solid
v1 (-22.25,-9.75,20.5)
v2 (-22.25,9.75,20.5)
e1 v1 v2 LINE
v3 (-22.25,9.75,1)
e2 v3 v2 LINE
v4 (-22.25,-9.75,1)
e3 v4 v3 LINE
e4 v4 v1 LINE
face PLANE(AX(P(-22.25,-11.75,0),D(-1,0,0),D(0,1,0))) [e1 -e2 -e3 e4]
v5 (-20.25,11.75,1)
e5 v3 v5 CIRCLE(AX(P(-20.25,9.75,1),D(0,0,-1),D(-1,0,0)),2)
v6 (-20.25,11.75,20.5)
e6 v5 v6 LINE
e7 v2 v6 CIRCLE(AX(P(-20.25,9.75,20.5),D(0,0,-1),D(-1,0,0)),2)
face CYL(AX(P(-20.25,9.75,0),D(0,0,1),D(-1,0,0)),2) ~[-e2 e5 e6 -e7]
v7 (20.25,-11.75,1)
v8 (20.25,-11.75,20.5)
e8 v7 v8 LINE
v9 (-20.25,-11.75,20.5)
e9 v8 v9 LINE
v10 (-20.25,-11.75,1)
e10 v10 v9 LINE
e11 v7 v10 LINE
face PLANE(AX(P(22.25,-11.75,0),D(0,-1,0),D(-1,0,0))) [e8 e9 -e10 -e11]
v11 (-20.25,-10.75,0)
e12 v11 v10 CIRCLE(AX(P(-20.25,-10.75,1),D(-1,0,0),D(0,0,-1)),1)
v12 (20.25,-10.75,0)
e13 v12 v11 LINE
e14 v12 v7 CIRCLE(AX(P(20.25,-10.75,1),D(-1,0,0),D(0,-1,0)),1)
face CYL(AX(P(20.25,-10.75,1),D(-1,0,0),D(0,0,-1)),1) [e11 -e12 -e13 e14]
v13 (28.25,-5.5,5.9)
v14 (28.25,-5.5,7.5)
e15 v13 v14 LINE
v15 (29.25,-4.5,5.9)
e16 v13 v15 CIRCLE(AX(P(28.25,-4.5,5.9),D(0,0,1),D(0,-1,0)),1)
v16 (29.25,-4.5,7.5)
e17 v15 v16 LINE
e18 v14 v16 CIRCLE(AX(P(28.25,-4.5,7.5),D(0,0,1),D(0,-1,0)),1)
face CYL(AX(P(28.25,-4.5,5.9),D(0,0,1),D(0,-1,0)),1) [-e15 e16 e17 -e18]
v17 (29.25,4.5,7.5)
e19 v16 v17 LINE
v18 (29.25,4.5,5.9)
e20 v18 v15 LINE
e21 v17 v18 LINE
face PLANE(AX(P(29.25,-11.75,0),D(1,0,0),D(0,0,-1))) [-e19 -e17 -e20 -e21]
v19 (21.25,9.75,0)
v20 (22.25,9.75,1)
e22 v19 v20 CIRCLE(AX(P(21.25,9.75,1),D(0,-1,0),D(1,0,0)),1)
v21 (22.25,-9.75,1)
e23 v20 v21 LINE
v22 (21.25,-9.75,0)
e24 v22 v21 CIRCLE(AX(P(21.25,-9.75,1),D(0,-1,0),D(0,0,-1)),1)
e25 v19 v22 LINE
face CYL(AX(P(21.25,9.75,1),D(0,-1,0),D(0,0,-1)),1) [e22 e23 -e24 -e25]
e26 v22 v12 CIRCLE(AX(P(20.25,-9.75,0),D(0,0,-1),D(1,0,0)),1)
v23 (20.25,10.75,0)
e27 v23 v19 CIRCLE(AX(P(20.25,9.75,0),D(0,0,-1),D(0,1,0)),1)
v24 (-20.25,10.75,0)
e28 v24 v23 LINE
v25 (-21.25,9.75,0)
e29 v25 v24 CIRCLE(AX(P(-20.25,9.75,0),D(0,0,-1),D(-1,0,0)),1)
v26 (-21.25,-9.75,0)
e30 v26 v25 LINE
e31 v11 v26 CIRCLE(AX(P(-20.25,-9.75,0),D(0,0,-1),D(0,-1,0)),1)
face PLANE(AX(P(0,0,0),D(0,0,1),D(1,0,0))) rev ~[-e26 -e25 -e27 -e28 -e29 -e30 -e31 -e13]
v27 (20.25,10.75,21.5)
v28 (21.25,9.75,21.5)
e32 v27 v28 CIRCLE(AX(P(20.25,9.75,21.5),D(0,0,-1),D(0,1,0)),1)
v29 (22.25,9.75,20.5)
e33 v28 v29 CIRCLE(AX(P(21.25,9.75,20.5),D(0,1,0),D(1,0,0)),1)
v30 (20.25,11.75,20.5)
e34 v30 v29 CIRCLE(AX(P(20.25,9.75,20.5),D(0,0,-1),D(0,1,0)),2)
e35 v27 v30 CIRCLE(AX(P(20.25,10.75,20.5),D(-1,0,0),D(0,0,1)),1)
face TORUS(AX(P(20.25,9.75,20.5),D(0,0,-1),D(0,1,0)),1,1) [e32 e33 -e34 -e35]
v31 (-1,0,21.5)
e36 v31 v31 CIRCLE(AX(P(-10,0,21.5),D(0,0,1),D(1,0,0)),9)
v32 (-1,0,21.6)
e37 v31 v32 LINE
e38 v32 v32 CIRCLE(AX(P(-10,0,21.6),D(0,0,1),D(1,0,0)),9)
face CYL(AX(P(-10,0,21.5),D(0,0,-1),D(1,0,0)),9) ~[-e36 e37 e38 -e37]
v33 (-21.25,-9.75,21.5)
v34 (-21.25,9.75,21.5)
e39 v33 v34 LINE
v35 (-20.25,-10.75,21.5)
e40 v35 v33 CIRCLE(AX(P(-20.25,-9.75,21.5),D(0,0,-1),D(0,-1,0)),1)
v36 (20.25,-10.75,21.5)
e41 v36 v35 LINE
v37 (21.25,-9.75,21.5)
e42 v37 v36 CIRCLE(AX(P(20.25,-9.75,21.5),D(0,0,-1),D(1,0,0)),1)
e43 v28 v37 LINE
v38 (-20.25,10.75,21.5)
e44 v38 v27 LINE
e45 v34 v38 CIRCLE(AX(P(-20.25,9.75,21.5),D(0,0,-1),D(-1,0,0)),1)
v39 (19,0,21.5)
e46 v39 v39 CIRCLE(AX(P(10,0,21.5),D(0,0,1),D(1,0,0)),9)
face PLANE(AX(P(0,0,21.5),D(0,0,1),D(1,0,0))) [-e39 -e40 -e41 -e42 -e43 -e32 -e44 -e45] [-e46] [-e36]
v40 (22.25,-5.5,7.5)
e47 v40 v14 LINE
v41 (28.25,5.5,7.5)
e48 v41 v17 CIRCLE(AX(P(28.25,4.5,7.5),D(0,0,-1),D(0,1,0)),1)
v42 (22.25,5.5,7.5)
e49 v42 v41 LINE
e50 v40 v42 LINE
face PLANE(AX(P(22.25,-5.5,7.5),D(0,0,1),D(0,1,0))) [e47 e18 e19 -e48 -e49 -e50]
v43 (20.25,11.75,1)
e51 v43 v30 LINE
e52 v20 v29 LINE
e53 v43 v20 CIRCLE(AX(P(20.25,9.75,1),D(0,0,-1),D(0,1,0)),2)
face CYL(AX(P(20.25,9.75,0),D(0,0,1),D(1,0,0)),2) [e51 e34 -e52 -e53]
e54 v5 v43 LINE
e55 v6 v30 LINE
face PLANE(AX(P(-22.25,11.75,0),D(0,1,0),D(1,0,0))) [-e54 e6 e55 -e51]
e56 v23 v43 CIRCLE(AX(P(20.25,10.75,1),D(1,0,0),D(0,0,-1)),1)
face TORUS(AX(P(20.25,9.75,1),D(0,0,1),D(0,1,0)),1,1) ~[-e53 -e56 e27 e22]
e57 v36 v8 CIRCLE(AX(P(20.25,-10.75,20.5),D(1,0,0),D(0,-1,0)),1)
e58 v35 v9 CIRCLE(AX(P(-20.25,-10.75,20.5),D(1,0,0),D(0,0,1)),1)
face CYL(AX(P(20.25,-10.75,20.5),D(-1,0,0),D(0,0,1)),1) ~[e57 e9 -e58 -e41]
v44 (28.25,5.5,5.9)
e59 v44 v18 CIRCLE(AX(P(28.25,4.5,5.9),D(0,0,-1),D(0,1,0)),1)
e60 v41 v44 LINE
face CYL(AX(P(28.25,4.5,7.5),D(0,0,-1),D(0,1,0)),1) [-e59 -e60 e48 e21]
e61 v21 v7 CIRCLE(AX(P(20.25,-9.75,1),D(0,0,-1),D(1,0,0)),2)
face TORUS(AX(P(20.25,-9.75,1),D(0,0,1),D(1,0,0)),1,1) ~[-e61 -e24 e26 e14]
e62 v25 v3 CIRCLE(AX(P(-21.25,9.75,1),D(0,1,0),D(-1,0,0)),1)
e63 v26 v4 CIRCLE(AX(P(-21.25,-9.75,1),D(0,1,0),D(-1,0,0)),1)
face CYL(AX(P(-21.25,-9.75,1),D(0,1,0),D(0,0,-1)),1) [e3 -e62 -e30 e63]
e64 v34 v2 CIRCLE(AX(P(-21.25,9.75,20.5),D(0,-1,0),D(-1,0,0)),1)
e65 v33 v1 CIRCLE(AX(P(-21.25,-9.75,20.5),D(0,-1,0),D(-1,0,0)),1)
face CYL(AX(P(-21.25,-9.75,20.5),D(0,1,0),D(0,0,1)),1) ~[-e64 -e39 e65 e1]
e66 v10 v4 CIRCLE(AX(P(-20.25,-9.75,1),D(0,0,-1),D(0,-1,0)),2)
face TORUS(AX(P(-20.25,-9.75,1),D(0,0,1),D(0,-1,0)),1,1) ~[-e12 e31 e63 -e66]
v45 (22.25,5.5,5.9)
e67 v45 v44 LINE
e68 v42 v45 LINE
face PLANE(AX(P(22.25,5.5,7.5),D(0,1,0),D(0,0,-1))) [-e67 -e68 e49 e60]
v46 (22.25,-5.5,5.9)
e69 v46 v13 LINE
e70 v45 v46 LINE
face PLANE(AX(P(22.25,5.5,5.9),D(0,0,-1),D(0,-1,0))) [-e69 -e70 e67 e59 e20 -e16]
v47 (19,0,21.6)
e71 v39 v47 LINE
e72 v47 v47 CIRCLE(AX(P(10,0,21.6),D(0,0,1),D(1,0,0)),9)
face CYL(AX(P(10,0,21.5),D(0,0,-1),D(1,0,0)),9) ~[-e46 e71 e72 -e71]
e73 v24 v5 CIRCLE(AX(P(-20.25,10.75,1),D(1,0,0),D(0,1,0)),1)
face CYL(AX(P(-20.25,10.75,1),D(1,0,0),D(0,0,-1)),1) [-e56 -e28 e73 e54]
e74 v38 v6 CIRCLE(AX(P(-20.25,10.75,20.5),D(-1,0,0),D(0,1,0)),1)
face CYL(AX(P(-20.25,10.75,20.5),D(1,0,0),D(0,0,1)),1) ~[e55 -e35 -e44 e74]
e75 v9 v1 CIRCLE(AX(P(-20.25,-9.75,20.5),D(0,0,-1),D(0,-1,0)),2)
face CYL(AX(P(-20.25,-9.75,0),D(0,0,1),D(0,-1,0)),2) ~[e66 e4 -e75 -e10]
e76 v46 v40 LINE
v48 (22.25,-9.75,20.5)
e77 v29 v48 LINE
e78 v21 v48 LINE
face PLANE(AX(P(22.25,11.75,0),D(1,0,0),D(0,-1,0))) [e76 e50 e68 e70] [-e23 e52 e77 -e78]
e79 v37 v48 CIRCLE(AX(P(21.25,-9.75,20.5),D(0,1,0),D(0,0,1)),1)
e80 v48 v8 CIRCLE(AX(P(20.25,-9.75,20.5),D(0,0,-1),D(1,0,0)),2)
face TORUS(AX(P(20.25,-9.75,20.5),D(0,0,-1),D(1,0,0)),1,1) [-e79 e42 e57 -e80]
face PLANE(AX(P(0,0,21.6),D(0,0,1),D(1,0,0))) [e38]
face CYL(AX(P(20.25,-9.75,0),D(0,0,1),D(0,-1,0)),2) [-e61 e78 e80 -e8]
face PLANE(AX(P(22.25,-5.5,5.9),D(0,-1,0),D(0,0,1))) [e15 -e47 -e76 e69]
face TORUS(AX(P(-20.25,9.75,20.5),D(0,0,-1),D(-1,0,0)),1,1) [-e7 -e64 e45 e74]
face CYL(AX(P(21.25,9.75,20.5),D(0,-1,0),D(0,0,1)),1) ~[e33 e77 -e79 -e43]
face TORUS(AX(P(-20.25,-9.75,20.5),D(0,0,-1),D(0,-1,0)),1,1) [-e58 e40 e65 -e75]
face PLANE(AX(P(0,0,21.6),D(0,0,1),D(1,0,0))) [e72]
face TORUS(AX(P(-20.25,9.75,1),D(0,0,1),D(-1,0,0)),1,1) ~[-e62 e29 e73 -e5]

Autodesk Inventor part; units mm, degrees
ref_plane "YZ Plane" through (0, 0, 0) normal (1, 0, 0) x (0, 1, 0)
ref_plane "XZ Plane" through (0, 0, 0) normal (0, 1, 0) x (-1, 0, 0)
ref_plane "XY Plane" through (0, 0, 0) normal (0, 0, 1) x (1, 0, 0)
sketch "Sketch2" plane through (0, 0, 0) normal (0, 0, 1) x (1, 0, 0)
  line L0 (22.25, -11.75) -> (-22.25, -11.75)
  line L1 (-22.25, -11.75) -> (-22.25, 11.75)
  line L2 (-22.25, 11.75) -> (22.25, 11.75)
  line L3 (22.25, 11.75) -> (22.25, -11.75)
  line L4 (22.25, -11.75) -> (-22.25, 11.75) construction
  line L5 (-22.25, -11.75) -> (22.25, 11.75) construction
  point P0 (0, 0)
  dimension "d0" = 44.5
  dimension "d1" = 23.5
extrude "Extrusion1" add sketch "Sketch2" along normal blind 21.5
sketch "Sketch3" plane through (22.25, -11.75, 0) normal (1, 0, 0) x (0, 0, -1)
  line L0 (-7.5, 17.25) -> (-5.9, 17.25)
  line L1 (-5.9, 17.25) -> (-5.9, 6.25)
  line L2 (-5.9, 6.25) -> (-7.5, 6.25)
  line L3 (-7.5, 6.25) -> (-7.5, 17.25)
  line L4 (-21.5, 0) -> (-21.5, 23.5) construction
  line L5 (0, 23.5) -> (-21.5, 23.5) construction
  point P0 (0, 11.75)
  dimension "d4" = 11
  dimension "d5" = 1.6
  dimension "d6" = 14
  dimension "d7" = 6.25
  dimension "d8" = 23.5
extrude "Extrusion2" add sketch "Sketch3" along normal blind 7
sketch "Sketch4" plane through (0, 0, 21.5) normal (0, 0, 1) x (1, 0, 0)
  line L0 (22.25, 11.75) -> (-22.25, 11.75) construction
  line L1 (-22.25, 11.75) -> (-22.25, -11.75) construction
  line L2 (-22.25, -11.75) -> (22.25, -11.75) construction
  line L3 (22.25, -11.75) -> (22.25, 11.75) construction
  circle A0 centre (-10, 0) radius 9
  circle A1 centre (10, 0) radius 9
  line L4 (0, 16.45) -> (0, -16.45) construction
  line L5 (-33.55, 0) -> (45.55, 0) construction
  point P0 (0, 0)
  dimension "d11" = 18
  dimension "d12" = 10
  dimension "d13" = 18
  dimension "d14" = 10
extrude "Extrusion3" add sketch "Sketch4" along normal blind 0.1
fillet "Fillet1" radius 2 4 edges at (-22.25, 11.75, 10.75) (22.25, 11.75, 10.75) (22.25, -11.75, 10.75) (-22.25, -11.75, 10.75)
fillet "Fillet2" radius 1 18 edges at (-21.6642, 11.1642, 21.5) (-22.25, 0, 21.5) (-21.6642, -11.1642, 21.5) (0, -11.75, 21.5) (21.6642, -11.1642, 21.5) (22.25, 0, 21.5) (21.6642, 11.1642, 21.5) (0, 11.75, 21.5) (-21.6642, 11.1642, 0) (-22.25, 0, 0) (-21.6642, -11.1642, 0) (0, -11.75, 0) (21.6642, -11.1642, 0) (22.25, 0, 0) (21.6642, 11.1642, 0) (0, 11.75, 0) (29.25, 5.5, 6.7) (29.25, -5.5, 6.7)
sketch "Sketch5" plane through (-20.25, 11.75, 1) normal (0, 1, 0) x (1, 0, 0)
  point P0 (20.25, 1)
equation "\"d7\" = -0.5 * d4 + 0.5 * d8"
properties part number "P041_Lidar"
